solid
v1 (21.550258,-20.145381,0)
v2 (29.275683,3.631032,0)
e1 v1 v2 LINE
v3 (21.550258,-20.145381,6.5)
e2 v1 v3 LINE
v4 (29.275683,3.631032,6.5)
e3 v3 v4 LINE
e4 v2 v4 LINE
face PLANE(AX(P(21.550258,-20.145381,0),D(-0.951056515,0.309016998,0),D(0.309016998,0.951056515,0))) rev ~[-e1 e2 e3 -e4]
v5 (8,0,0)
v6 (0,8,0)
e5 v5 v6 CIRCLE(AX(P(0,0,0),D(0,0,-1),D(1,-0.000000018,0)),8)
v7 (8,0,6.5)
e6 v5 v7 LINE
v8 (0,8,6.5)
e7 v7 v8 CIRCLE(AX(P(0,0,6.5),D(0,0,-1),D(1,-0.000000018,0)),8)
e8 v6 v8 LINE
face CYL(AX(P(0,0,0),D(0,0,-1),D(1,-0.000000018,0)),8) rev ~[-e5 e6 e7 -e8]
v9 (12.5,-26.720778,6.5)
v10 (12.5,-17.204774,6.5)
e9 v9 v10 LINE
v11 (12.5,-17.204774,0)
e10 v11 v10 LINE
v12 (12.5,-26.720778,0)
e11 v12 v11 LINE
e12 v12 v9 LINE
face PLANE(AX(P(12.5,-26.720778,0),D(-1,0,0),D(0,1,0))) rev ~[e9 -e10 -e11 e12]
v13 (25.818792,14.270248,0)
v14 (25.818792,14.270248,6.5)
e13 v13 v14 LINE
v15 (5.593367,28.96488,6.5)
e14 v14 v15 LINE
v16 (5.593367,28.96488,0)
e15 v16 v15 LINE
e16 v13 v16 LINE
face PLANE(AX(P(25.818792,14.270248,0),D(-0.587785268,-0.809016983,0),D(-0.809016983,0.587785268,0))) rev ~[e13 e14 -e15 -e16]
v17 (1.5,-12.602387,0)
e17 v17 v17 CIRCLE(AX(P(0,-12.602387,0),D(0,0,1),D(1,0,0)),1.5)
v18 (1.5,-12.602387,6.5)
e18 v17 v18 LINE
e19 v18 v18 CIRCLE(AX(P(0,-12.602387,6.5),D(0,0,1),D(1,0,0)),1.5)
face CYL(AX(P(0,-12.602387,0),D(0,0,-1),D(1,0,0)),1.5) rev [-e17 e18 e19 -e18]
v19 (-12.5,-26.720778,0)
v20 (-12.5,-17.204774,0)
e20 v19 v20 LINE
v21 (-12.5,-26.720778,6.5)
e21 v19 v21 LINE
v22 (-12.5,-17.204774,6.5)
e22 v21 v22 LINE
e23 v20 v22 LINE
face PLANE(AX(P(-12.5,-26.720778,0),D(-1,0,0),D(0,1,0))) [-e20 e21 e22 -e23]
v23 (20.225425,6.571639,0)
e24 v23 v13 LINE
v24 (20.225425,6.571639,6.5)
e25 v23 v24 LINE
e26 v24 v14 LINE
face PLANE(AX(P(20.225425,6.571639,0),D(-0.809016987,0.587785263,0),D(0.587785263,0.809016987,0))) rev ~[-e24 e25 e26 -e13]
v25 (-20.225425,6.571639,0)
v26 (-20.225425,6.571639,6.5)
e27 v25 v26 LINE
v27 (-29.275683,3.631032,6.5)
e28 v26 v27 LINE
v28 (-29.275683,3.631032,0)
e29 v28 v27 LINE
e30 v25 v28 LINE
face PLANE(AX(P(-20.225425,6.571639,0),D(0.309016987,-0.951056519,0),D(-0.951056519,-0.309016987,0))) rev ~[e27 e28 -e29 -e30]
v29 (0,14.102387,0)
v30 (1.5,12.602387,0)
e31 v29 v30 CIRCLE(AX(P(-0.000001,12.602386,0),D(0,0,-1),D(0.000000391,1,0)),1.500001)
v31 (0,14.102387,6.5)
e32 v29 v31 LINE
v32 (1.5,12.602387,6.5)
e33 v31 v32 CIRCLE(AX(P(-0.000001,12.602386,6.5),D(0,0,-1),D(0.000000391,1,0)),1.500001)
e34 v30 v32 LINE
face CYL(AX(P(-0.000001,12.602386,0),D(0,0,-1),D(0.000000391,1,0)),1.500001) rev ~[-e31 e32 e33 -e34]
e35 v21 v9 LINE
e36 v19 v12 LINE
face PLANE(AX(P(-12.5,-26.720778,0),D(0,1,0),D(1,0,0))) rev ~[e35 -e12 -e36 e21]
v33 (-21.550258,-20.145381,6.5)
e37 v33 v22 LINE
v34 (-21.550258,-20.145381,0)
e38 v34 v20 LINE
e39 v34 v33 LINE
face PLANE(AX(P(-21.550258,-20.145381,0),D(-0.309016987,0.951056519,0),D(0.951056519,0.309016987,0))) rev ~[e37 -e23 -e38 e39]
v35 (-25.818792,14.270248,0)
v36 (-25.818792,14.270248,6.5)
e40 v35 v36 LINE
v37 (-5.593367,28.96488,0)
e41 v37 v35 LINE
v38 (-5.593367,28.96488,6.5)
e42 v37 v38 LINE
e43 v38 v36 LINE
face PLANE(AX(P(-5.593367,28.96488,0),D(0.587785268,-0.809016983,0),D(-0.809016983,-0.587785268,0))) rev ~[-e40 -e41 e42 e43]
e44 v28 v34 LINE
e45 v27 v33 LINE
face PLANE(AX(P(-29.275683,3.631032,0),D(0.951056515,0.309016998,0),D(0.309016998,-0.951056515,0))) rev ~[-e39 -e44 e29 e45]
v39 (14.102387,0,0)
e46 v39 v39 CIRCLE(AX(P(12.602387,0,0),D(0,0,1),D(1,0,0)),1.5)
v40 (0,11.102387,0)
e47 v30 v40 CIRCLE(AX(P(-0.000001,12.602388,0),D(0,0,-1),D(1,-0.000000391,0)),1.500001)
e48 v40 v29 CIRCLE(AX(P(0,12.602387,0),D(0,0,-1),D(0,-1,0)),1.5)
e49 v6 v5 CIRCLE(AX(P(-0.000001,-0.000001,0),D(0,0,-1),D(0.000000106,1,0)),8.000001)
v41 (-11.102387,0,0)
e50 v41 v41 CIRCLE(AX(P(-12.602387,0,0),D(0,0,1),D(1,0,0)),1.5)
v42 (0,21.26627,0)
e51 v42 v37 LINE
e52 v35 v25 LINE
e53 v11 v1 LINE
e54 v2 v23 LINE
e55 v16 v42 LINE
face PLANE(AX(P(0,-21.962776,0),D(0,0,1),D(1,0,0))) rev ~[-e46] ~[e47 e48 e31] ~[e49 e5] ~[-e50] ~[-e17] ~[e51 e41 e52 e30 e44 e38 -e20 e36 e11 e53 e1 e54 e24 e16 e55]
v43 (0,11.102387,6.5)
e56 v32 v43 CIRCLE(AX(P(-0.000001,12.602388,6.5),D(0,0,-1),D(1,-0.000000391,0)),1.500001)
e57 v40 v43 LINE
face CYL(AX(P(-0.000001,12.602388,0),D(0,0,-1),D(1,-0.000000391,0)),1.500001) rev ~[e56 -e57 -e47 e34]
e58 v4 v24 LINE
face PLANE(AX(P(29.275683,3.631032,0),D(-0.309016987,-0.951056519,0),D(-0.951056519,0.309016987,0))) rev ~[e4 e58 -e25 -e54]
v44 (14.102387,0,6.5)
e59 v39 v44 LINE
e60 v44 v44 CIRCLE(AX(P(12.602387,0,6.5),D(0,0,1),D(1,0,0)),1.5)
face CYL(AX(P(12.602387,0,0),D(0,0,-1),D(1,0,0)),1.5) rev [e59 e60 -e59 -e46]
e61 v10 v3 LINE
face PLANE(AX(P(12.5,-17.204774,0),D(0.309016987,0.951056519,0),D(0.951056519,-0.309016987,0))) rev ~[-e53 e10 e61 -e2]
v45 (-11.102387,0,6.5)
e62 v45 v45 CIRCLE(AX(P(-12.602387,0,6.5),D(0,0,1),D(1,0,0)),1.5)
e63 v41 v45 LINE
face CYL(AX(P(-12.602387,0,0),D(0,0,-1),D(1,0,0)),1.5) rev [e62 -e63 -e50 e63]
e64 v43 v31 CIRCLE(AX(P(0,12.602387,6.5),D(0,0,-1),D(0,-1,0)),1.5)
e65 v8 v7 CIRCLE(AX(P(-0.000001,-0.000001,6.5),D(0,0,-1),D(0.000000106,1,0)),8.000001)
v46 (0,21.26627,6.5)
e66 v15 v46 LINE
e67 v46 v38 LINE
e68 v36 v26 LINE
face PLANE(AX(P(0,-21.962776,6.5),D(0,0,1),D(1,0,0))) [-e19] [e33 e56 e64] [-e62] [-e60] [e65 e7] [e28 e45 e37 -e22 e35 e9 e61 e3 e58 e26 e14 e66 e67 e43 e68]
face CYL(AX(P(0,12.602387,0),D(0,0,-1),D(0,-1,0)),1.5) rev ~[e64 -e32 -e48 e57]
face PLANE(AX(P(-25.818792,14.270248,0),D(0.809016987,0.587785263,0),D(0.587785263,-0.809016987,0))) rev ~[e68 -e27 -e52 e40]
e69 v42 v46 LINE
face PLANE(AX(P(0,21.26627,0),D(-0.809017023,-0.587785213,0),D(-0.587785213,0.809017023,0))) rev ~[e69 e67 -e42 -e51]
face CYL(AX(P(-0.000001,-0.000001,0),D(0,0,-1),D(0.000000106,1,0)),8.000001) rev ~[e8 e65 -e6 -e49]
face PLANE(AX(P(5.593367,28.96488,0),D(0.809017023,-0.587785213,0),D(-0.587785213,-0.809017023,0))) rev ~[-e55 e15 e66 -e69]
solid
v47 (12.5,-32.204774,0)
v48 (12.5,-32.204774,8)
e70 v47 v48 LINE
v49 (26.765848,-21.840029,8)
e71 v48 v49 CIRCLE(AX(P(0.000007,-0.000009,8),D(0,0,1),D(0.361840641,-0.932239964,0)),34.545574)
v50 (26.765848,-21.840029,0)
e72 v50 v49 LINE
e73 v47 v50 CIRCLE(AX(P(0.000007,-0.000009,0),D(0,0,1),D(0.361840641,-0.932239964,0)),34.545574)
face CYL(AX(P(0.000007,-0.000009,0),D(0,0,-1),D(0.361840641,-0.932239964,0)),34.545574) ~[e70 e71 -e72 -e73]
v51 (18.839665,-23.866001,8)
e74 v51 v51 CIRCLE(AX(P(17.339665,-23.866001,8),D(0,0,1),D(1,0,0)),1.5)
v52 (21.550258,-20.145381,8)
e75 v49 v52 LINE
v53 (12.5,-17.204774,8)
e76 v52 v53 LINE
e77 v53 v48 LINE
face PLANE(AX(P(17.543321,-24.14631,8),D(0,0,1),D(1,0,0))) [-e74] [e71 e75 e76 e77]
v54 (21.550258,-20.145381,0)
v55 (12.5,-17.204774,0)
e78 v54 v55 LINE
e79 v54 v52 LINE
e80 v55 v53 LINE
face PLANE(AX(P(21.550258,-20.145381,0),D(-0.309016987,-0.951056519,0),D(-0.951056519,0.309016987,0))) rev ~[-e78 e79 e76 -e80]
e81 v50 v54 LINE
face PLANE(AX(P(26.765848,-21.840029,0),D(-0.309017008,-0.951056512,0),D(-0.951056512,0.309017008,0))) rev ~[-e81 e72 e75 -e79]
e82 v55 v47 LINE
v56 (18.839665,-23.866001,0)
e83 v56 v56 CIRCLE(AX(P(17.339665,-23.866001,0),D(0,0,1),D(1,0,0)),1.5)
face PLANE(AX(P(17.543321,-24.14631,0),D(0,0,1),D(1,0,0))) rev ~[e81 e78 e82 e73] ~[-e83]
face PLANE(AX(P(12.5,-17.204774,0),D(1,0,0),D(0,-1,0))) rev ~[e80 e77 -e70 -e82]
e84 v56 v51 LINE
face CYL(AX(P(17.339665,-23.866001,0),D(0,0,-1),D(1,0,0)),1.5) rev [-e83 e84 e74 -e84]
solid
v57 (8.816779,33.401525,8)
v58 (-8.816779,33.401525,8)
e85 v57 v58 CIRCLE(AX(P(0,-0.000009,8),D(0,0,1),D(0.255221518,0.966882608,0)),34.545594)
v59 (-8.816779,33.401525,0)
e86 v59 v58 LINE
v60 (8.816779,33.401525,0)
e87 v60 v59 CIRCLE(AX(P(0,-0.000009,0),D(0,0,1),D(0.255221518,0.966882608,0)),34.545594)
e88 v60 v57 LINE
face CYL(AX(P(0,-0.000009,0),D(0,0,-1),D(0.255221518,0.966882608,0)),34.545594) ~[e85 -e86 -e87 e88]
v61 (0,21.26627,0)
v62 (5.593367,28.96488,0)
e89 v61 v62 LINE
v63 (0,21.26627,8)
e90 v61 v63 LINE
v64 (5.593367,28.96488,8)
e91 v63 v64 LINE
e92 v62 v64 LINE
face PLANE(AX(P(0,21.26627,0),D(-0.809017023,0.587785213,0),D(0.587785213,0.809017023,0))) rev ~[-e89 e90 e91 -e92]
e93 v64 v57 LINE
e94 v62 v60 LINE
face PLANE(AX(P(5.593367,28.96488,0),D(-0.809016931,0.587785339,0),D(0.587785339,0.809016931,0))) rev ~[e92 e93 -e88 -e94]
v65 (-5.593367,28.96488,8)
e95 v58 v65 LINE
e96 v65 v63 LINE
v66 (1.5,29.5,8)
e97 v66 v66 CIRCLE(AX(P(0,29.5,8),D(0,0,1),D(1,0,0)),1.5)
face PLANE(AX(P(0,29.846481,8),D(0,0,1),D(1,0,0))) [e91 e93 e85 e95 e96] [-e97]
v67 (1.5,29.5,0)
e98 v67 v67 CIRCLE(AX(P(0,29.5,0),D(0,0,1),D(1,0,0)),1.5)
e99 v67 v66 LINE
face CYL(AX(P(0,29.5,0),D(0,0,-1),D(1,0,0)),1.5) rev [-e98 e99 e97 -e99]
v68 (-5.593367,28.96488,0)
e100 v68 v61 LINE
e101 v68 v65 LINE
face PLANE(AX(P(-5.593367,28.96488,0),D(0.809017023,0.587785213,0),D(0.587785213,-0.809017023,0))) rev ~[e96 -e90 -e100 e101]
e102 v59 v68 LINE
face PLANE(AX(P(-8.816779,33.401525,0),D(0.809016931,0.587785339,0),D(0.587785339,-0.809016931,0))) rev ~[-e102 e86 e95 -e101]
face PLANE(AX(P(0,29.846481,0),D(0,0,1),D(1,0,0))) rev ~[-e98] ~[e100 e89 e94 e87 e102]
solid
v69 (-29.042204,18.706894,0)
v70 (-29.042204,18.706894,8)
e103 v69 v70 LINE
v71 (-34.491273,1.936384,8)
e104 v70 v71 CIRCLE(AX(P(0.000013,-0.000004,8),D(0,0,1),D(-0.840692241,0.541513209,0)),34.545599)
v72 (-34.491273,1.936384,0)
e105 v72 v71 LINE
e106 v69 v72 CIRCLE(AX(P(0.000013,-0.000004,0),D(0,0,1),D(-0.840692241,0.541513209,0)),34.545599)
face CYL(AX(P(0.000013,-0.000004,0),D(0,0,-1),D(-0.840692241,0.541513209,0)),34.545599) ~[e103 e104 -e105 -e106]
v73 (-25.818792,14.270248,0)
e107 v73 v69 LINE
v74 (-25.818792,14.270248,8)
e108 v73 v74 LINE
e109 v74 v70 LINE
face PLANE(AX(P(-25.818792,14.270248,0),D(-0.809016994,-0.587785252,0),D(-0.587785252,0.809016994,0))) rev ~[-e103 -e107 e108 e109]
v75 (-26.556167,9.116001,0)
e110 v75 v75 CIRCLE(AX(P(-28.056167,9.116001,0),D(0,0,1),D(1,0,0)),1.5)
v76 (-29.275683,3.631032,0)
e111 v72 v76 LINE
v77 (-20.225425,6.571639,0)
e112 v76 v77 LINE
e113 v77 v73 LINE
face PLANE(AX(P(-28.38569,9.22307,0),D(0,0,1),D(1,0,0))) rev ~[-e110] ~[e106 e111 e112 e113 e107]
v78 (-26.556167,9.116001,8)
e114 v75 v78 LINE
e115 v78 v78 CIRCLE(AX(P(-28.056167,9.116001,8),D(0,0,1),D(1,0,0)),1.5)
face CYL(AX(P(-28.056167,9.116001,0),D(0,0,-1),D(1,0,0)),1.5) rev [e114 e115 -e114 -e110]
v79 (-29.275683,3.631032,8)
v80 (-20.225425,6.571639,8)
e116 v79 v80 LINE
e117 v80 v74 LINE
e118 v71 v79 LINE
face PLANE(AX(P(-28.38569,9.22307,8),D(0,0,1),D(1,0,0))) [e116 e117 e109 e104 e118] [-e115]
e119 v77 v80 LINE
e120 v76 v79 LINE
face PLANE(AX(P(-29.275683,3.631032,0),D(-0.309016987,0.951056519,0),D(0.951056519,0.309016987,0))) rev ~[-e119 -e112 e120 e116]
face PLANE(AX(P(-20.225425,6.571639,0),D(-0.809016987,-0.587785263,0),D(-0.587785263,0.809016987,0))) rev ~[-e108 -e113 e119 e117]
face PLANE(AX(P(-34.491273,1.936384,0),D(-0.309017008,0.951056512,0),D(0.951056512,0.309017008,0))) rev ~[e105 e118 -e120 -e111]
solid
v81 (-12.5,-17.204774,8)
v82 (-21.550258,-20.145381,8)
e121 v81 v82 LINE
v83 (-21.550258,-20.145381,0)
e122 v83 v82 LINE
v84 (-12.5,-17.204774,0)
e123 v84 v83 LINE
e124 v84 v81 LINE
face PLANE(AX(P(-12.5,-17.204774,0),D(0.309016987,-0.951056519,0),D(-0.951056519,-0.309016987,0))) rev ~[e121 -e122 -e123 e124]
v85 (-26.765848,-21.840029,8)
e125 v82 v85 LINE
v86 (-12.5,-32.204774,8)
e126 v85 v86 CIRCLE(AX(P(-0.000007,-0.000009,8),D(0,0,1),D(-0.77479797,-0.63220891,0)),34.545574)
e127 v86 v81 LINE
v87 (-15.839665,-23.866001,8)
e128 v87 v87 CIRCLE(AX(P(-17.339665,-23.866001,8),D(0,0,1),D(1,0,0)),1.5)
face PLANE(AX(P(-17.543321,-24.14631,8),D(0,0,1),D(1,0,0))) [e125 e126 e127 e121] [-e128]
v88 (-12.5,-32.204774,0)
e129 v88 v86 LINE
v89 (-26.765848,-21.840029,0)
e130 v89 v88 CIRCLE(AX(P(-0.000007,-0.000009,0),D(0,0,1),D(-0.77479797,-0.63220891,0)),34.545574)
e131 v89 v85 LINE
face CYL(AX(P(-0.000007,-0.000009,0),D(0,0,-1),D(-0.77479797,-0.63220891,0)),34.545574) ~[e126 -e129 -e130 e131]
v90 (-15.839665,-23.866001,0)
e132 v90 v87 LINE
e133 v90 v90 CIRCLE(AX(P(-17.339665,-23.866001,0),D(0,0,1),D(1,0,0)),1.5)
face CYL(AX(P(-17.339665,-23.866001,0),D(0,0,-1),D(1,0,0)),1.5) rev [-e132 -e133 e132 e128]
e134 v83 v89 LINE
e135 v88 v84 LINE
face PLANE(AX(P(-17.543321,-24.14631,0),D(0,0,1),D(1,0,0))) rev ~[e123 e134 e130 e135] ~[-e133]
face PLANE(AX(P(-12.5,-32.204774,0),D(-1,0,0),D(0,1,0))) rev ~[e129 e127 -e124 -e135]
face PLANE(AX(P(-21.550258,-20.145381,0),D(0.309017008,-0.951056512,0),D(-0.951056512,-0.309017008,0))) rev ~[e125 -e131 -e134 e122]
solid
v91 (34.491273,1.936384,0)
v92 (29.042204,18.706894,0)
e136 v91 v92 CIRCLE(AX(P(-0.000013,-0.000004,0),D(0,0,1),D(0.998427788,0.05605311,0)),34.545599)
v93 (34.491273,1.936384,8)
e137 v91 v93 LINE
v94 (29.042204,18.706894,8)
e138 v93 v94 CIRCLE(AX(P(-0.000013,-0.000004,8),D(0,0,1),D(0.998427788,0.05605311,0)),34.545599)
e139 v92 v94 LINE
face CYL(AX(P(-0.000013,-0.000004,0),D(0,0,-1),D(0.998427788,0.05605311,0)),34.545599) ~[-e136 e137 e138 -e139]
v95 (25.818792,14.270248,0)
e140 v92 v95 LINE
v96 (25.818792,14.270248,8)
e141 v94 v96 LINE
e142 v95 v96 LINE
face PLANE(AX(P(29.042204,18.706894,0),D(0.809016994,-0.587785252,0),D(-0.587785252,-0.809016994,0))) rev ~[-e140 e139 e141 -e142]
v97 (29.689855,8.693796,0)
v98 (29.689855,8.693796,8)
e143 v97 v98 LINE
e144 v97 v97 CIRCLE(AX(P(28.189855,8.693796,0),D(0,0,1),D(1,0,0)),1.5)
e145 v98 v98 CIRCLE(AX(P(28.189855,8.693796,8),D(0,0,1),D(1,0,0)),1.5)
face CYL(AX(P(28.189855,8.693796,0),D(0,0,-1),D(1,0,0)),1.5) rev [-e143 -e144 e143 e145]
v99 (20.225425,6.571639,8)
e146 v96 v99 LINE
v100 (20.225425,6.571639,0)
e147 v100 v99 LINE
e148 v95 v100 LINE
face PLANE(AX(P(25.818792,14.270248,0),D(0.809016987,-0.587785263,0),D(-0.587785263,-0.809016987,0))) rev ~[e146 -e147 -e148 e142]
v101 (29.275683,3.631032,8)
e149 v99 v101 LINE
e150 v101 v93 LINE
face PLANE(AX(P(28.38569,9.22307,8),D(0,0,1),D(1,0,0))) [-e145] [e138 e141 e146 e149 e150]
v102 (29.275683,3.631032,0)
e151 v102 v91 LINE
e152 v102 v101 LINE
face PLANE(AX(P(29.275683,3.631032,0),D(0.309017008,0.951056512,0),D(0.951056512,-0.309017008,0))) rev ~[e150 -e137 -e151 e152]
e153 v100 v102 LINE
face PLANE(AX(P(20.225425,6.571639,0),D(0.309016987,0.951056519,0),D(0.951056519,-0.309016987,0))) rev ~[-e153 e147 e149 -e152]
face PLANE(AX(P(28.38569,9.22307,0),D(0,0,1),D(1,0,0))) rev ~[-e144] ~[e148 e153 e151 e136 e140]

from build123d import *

# Parameters (mm, degrees)
F0_R     = 1.5
F1_DEPTH = 8
F0_W     = 25
F0_H     = 9.516004
F2_DEPTH = 6.5


with BuildPart() as f1:
    # F0 (on Top) → F1 (new body)
    with BuildSketch(Plane.XY):
        with BuildLine():
            Line((-29.275683, 3.631032), (-20.225425, 6.571639))
            Line((-20.225425, 6.571639), (-25.818792, 14.270248))
            Line((-25.818792, 14.270248), (-29.042204, 18.706894))
            ThreePointArc((-29.042204, 18.706894), (-32.854804, 10.675173), (-34.491273, 1.936384))
            Line((-34.491273, 1.936384), (-29.275683, 3.631032))
        make_face()
        with Locations((-28.056167, 9.116001)):
            Circle(F0_R, mode=Mode.SUBTRACT)
        with BuildLine():
            Line((-5.593367, 28.96488), (0, 21.26627))
            Line((0, 21.26627), (5.593367, 28.96488))
            Line((5.593367, 28.96488), (8.816779, 33.401525))
            ThreePointArc((8.816779, 33.401525), (0, 34.545585), (-8.816779, 33.401525))
            Line((-8.816779, 33.401525), (-5.593367, 28.96488))
        make_face()
        with Locations((0, 29.5)):
            Circle(F0_R, mode=Mode.SUBTRACT)
        with BuildLine():
            Line((25.818792, 14.270248), (20.225425, 6.571639))
            Line((20.225425, 6.571639), (29.275683, 3.631032))
            Line((29.275683, 3.631032), (34.491273, 1.936384))
            ThreePointArc((34.491273, 1.936384), (32.854804, 10.675173), (29.042204, 18.706894))
            Line((29.042204, 18.706894), (25.818792, 14.270248))
        make_face()
        with Locations((28.189855, 8.693796)):
            Circle(F0_R, mode=Mode.SUBTRACT)
        with BuildLine():
            Line((21.550258, -20.145381), (12.5, -17.204774))
            Line((12.5, -17.204774), (12.5, -26.720778))
            Line((12.5, -26.720778), (12.5, -32.204774))
            ThreePointArc((12.5, -32.204774), (20.305386, -27.947966), (26.765848, -21.840029))
            Line((26.765848, -21.840029), (21.550258, -20.145381))
        make_face()
        with Locations((17.339665, -23.866001)):
            Circle(F0_R, mode=Mode.SUBTRACT)
        with BuildLine():
            Line((-12.5, -26.720778), (-12.5, -17.204774))
            Line((-12.5, -17.204774), (-21.550258, -20.145381))
            Line((-21.550258, -20.145381), (-26.765848, -21.840029))
            ThreePointArc((-26.765848, -21.840029), (-20.305386, -27.947966), (-12.5, -32.204774))
            Line((-12.5, -32.204774), (-12.5, -26.720778))
        make_face()
        with Locations((-17.339665, -23.866001)):
            Circle(F0_R, mode=Mode.SUBTRACT)
    extrude(amount=F1_DEPTH)


with BuildPart() as f2:
    # F0 (on Top) → F2 (new body)
    with BuildSketch(Plane.XY):
        with Locations((0, -21.962776)):
            Rectangle(F0_W, F0_H)
        Polygon((-21.550258, -20.145381), (-12.5, -17.204774), (-20.225425, 6.571639), (-29.275683, 3.631032), align=None)
        Polygon((-25.818792, 14.270248), (-20.225425, 6.571639), (0, 21.26627), (-5.593367, 28.96488), align=None)
        Polygon((0, 21.26627), (20.225425, 6.571639), (25.818792, 14.270248), (5.593367, 28.96488), align=None)
        Polygon((-12.5, -17.204774), (12.5, -17.204774), (20.225425, 6.571639), (0, 21.26627), (-20.225425, 6.571639), align=None)
        with Locations((-12.602387, 0)):
            Circle(F0_R, mode=Mode.SUBTRACT)
        with Locations((0, -12.602387)):
            Circle(F0_R, mode=Mode.SUBTRACT)
        with BuildLine():
            ThreePointArc((0, 8), (5.656854, 5.656854), (8, 0))
            ThreePointArc((8, 0), (-5.656854, -5.656854), (0, 8))
        make_face(mode=Mode.SUBTRACT)
        with Locations((12.602387, 0)):
            Circle(F0_R, mode=Mode.SUBTRACT)
        with BuildLine():
            ThreePointArc((1.5, 12.602387), (1.06066, 11.541727), (0, 11.102387))
            ThreePointArc((0, 11.102387), (-1.5, 12.602387), (0, 14.102387))
            ThreePointArc((0, 14.102387), (1.06066, 13.663047), (1.5, 12.602387))
        make_face(mode=Mode.SUBTRACT)
        Polygon((20.225425, 6.571639), (12.5, -17.204774), (21.550258, -20.145381), (29.275683, 3.631032), align=None)
    extrude(amount=F2_DEPTH)


solid = Compound([f1.part, f2.part])
